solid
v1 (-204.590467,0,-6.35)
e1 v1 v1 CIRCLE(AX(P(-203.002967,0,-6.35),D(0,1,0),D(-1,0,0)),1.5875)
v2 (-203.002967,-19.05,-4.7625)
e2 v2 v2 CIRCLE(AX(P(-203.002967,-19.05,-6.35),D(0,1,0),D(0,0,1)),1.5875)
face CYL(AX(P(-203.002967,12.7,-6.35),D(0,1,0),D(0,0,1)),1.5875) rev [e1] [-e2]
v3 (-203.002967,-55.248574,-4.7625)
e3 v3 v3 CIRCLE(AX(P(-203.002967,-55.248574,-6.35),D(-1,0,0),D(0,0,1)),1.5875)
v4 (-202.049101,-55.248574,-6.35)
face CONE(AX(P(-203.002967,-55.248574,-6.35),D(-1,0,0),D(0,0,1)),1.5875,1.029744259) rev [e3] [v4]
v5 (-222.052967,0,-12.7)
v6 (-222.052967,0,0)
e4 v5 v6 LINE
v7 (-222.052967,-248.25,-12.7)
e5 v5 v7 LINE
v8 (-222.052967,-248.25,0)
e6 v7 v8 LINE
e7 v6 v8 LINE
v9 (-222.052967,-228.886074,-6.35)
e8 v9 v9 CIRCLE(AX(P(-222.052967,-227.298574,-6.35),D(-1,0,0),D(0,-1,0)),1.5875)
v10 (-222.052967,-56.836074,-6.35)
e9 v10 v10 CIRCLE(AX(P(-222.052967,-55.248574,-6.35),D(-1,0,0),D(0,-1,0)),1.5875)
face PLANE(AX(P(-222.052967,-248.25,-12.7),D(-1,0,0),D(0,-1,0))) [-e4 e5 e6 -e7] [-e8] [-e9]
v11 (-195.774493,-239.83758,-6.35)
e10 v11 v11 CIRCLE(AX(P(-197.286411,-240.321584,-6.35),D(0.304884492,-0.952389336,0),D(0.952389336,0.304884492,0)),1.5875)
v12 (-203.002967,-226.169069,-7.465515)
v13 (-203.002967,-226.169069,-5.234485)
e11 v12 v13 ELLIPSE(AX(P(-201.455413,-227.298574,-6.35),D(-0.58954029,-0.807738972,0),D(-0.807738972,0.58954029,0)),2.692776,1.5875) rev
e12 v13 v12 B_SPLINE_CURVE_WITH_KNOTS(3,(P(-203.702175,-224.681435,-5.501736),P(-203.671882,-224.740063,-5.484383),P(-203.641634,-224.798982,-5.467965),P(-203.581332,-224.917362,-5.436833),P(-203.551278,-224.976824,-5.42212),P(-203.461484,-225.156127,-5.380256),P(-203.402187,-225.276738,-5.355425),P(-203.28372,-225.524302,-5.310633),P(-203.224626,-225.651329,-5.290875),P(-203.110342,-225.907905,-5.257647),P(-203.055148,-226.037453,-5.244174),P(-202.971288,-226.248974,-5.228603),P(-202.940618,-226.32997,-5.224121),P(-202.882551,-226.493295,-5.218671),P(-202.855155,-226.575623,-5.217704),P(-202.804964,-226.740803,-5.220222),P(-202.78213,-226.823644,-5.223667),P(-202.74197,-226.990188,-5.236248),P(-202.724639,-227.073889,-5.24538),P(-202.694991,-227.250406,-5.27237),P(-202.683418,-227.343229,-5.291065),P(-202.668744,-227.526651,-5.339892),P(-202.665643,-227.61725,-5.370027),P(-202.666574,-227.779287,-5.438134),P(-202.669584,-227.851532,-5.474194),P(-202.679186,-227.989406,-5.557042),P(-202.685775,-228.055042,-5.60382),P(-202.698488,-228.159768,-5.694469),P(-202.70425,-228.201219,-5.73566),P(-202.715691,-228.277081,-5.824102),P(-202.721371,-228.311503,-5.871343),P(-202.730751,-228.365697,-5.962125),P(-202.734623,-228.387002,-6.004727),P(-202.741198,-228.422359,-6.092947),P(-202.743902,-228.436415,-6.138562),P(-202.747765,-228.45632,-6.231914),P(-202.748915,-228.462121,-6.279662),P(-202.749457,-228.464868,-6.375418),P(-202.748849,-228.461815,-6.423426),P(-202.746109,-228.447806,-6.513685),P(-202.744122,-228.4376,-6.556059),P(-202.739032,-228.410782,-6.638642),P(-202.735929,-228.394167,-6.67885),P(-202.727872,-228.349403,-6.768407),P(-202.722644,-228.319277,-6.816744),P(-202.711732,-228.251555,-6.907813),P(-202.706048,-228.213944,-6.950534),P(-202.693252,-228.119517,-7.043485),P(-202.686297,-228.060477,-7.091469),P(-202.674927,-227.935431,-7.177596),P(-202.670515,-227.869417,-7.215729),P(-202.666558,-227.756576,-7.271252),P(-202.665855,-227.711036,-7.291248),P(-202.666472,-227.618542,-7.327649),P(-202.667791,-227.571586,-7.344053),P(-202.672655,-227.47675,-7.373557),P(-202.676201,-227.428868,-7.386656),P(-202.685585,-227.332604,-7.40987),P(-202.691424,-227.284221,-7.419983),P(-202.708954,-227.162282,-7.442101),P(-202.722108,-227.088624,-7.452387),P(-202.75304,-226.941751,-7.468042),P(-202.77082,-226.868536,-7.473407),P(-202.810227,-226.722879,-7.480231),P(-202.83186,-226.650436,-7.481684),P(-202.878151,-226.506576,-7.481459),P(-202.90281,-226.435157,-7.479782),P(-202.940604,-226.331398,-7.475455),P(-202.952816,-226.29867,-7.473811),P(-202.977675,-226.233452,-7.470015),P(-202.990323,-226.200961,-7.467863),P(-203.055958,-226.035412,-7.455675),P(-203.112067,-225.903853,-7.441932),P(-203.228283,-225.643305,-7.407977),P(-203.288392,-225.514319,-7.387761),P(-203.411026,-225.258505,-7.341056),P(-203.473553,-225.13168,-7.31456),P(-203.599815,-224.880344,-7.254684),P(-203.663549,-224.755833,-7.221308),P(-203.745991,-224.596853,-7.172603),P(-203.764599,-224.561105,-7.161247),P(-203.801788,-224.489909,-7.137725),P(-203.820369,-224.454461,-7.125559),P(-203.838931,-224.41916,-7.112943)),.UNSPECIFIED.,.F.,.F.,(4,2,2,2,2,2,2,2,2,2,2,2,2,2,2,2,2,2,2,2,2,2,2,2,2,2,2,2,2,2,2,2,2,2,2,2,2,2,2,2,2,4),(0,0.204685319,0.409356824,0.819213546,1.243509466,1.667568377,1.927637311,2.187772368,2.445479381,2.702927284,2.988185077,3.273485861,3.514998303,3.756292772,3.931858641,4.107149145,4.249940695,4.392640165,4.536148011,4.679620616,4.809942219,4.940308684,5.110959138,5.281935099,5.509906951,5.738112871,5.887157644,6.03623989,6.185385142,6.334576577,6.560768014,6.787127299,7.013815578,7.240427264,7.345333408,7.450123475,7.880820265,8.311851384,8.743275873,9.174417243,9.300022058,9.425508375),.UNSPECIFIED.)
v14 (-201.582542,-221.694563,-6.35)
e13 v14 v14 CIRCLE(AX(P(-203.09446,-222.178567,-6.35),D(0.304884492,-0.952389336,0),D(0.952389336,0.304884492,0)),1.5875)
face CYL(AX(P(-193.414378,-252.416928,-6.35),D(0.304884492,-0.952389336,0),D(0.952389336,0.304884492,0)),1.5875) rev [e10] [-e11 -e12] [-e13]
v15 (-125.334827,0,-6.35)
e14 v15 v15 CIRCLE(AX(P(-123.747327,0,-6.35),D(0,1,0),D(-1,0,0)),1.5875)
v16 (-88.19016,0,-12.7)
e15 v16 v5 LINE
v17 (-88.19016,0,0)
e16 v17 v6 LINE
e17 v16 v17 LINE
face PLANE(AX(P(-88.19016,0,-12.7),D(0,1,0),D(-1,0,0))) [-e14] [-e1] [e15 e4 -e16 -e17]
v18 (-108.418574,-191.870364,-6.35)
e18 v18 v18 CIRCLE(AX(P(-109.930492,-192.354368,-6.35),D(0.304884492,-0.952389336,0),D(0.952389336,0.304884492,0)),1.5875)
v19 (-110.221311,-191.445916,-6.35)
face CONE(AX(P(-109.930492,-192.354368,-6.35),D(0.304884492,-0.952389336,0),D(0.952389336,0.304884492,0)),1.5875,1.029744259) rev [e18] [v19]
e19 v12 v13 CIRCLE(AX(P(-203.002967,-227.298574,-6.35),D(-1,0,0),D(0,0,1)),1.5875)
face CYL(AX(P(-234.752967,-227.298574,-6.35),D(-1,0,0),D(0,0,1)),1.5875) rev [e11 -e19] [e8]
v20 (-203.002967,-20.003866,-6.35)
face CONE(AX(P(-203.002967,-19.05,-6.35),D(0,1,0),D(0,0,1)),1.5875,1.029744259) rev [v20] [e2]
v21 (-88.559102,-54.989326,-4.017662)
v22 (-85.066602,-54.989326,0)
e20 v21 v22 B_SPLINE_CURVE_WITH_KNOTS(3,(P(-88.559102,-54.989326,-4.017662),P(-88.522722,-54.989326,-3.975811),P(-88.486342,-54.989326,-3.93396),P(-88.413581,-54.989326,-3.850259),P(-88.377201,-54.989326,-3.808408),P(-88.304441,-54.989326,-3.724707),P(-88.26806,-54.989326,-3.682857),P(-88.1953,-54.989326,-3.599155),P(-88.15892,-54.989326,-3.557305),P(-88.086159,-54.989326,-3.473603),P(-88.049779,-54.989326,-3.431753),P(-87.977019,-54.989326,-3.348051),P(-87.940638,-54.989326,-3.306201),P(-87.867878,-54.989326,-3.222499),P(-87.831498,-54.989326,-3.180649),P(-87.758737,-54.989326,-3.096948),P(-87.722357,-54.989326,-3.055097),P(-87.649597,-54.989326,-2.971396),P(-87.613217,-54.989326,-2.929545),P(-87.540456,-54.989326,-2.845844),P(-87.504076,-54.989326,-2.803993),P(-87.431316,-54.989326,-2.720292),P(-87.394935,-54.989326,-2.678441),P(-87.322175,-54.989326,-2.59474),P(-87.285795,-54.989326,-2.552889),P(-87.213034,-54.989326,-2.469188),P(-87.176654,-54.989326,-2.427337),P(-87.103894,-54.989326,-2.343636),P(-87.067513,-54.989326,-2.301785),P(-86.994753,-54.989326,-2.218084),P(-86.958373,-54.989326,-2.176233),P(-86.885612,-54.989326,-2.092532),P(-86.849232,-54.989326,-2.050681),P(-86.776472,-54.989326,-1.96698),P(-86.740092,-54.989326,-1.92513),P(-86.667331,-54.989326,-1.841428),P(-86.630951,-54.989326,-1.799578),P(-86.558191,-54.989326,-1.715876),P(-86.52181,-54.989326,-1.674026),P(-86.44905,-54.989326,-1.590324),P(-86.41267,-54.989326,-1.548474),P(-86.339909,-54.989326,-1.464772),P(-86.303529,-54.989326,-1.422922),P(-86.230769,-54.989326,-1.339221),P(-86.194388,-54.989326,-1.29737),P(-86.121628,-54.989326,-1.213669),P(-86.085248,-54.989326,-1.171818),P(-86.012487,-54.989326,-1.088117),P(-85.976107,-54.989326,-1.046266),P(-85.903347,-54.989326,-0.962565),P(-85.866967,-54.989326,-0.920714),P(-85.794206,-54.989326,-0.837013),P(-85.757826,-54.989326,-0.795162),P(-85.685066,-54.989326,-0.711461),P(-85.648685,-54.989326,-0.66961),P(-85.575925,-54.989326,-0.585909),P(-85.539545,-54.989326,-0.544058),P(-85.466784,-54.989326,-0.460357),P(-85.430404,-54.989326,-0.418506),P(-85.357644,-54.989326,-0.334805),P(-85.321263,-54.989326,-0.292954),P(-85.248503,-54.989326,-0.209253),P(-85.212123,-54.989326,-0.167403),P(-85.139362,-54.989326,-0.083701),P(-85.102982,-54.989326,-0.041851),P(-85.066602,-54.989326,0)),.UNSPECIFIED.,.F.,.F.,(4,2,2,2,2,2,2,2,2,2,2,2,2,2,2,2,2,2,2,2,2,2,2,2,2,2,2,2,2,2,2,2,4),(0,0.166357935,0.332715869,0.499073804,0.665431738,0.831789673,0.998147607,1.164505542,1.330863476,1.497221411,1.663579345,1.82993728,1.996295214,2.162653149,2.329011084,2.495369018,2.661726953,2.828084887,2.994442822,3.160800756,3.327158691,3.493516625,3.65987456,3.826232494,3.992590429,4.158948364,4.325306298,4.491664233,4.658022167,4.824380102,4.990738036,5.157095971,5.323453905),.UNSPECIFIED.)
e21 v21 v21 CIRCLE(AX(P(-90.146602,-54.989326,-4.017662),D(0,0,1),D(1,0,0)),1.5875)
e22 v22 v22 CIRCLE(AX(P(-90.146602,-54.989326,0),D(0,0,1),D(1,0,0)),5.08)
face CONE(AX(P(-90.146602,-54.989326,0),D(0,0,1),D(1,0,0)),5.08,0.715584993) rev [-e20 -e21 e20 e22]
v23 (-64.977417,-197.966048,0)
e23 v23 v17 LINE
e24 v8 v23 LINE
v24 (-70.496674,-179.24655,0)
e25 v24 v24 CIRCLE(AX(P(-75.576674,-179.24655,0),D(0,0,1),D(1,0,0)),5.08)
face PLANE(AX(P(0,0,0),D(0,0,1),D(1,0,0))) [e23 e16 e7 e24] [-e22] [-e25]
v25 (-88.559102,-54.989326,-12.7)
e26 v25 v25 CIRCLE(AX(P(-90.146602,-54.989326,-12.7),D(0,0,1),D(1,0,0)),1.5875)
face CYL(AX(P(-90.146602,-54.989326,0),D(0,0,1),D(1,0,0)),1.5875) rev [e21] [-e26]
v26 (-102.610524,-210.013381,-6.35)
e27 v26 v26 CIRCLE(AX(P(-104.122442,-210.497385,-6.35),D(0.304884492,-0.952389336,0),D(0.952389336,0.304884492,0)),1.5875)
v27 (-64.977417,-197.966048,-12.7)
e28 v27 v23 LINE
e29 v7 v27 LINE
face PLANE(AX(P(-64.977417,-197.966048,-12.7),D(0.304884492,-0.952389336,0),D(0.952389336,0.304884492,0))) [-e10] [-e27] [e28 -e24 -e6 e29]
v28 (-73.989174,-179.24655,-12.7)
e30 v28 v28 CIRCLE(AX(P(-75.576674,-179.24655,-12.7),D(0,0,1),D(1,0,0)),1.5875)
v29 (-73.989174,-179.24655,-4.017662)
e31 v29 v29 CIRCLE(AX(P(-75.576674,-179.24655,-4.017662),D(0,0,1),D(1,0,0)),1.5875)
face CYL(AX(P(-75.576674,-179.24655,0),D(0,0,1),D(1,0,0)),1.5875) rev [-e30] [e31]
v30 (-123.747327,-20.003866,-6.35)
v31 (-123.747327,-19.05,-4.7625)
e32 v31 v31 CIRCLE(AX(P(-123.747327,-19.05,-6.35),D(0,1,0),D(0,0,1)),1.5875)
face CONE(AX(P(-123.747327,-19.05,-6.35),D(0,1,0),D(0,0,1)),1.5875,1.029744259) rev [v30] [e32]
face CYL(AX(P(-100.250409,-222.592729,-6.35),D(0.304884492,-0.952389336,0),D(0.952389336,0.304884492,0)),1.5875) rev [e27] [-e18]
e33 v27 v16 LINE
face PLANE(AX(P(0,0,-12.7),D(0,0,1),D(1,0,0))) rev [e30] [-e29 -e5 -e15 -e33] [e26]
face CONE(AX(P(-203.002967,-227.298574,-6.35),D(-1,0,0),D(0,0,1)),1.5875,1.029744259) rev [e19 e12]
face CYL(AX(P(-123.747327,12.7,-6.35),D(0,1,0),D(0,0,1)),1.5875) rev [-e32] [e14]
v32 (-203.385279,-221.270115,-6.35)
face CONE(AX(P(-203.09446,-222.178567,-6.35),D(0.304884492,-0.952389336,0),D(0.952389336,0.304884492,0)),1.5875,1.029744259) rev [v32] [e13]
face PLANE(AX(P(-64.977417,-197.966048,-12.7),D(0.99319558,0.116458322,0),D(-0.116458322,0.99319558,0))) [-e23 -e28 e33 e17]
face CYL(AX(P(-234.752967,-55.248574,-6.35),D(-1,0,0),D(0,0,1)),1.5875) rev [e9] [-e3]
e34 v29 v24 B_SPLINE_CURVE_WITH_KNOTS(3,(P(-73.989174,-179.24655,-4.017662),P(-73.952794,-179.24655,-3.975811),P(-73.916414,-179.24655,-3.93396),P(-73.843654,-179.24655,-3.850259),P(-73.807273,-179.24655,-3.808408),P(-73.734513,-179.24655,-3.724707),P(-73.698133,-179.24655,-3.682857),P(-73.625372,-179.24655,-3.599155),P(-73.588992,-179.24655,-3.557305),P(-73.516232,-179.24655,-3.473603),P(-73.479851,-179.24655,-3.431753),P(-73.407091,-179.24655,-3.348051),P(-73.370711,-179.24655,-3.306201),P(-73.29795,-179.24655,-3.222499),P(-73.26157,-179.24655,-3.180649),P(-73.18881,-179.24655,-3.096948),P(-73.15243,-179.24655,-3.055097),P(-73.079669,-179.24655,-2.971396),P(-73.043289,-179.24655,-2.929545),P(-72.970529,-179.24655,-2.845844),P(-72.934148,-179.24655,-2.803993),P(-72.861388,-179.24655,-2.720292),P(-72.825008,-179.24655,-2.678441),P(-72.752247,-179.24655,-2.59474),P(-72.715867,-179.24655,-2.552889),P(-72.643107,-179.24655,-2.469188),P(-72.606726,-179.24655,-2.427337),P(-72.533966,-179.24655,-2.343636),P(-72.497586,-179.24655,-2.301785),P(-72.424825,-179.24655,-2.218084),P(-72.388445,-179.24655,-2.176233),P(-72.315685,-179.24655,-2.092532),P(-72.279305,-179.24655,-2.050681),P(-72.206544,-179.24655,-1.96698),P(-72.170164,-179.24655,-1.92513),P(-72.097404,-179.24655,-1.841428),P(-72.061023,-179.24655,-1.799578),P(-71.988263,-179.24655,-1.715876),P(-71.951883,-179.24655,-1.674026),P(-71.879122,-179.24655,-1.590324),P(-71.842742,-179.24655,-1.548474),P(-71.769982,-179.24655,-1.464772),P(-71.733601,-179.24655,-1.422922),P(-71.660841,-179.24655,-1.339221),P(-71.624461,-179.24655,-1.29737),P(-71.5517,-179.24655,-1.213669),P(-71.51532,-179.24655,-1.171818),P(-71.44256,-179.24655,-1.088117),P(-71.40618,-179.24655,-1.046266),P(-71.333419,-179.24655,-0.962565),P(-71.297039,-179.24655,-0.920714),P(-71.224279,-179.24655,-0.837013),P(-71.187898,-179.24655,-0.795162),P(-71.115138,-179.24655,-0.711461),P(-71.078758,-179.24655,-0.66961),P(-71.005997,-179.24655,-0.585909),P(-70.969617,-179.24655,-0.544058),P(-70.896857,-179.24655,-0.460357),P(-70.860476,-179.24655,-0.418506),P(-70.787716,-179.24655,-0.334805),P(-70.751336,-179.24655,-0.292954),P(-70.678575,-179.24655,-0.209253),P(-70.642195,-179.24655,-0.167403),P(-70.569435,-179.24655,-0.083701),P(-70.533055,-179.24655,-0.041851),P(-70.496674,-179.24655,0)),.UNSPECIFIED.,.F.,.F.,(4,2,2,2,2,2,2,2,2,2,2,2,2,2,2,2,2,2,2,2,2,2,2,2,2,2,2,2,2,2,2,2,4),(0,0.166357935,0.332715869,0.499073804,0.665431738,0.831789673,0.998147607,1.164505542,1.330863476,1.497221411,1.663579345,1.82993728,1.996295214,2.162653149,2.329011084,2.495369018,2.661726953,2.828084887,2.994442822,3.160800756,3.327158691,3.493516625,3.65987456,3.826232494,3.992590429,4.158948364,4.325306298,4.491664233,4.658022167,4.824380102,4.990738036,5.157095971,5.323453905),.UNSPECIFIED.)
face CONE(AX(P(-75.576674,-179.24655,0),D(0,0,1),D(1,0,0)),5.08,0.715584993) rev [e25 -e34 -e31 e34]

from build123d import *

# Parameters (mm, degrees)
BOSS_EXTRUDE1_DEPTH = 12.7
HOLE3_D             = 3.175
HOLE3_DEPTH         = 31.75
HOLE3_CSINK_D       = 10.16
HOLE3_CSINK_ANGLE   = 82
HOLE3_TIP           = 0.953866233
HOLE6_D             = 3.175
HOLE6_DEPTH         = 38.1
HOLE6_CSINK_D       = 10.16
HOLE6_CSINK_ANGLE   = 82
HOLE6_TIP           = 0.953866233
HOLE7_D             = 3.175
HOLE7_DEPTH         = 31.75
HOLE7_CSINK_D       = 10.16
HOLE7_CSINK_ANGLE   = 82
HOLE7_TIP           = 0.953866233
HOLE8_D             = 3.175
HOLE8_DEPTH         = 31.75
HOLE8_CSINK_D       = 10.16
HOLE8_CSINK_ANGLE   = 82
HOLE8_TIP           = 0.953866233


with BuildPart() as part:
    # Sketch1 → Boss-Extrude1 (new body)
    with BuildSketch(Plane.XY):
        Polygon((-88.190159952, 0), (-222.052967181, 0), (-222.052967181, -248.25), (-64.977416983, -197.966048293), align=None)
    extrude(amount=-BOSS_EXTRUDE1_DEPTH)

    # Hole3
    with Locations(Plane(origin=(-234.752967181, 1073.364195846, -135.816741379), x_dir=(0, 0, -1), z_dir=(-1, 0, 0))):
        with Locations((-129.466741379, 1300.662770337), (-129.466741379, 1128.612770337), (129.198788767, 1128.612770337), (129.198788767, 1300.662770337)):
            CounterSinkHole(HOLE3_D / 2, HOLE3_CSINK_D / 2, depth=HOLE3_DEPTH, counter_sink_angle=HOLE3_CSINK_ANGLE)
            with Locations((0, 0, -(HOLE3_DEPTH + HOLE3_TIP / 2))):  # 118° drill point
                Cone(0, HOLE3_D / 2, HOLE3_TIP, mode=Mode.SUBTRACT)

    # Hole6
    with Locations(Plane(origin=(181.039434513, 1073.364195846, 0), x_dir=(-0.9271838545667885, -0.3746065934159093, 0), z_dir=(0, 0, 1))):
        with Locations((707.166557203, 1065.270372796), (674.127983646, 944.603090451)):
            CounterSinkHole(HOLE6_D / 2, HOLE6_CSINK_D / 2, depth=HOLE6_DEPTH, counter_sink_angle=HOLE6_CSINK_ANGLE)
            with Locations((0, 0, -(HOLE6_DEPTH + HOLE6_TIP / 2))):  # 118° drill point
                Cone(0, HOLE6_D / 2, HOLE6_TIP, mode=Mode.SUBTRACT)

    # Hole7
    with Locations(Plane(origin=(181.039434513, 12.7, -135.816741379), x_dir=(0, 0, -1), z_dir=(0, 1, 0))):
        with Locations((129.198788767, 384.042401694), (-129.466741379, 384.042401694), (-129.466741379, 304.786761906), (-110.416741379, 409.442401694), (-0.133976306, 409.442401694), (110.148788767, 409.442401694), (129.198788767, 304.786761906)):
            CounterSinkHole(HOLE7_D / 2, HOLE7_CSINK_D / 2, depth=HOLE7_DEPTH, counter_sink_angle=HOLE7_CSINK_ANGLE)
            with Locations((0, 0, -(HOLE7_DEPTH + HOLE7_TIP / 2))):  # 118° drill point
                Cone(0, HOLE7_D / 2, HOLE7_TIP, mode=Mode.SUBTRACT)

    # Hole8
    with Locations(Plane(origin=(531.197640696, -20.449854654, -135.816741379), x_dir=(0, 0, 1), z_dir=(0.3048844921716131, -0.9523893355310409, 0))):
        with Locations((-129.257383629, 761.035393152), (129.466741379, 663.01461615), (129.466741379, 760.835922116), (-129.408220012, 663.214203478)):
            CounterSinkHole(HOLE8_D / 2, HOLE8_CSINK_D / 2, depth=HOLE8_DEPTH, counter_sink_angle=HOLE8_CSINK_ANGLE)
            with Locations((0, 0, -(HOLE8_DEPTH + HOLE8_TIP / 2))):  # 118° drill point
                Cone(0, HOLE8_D / 2, HOLE8_TIP, mode=Mode.SUBTRACT)


solid = part.part
